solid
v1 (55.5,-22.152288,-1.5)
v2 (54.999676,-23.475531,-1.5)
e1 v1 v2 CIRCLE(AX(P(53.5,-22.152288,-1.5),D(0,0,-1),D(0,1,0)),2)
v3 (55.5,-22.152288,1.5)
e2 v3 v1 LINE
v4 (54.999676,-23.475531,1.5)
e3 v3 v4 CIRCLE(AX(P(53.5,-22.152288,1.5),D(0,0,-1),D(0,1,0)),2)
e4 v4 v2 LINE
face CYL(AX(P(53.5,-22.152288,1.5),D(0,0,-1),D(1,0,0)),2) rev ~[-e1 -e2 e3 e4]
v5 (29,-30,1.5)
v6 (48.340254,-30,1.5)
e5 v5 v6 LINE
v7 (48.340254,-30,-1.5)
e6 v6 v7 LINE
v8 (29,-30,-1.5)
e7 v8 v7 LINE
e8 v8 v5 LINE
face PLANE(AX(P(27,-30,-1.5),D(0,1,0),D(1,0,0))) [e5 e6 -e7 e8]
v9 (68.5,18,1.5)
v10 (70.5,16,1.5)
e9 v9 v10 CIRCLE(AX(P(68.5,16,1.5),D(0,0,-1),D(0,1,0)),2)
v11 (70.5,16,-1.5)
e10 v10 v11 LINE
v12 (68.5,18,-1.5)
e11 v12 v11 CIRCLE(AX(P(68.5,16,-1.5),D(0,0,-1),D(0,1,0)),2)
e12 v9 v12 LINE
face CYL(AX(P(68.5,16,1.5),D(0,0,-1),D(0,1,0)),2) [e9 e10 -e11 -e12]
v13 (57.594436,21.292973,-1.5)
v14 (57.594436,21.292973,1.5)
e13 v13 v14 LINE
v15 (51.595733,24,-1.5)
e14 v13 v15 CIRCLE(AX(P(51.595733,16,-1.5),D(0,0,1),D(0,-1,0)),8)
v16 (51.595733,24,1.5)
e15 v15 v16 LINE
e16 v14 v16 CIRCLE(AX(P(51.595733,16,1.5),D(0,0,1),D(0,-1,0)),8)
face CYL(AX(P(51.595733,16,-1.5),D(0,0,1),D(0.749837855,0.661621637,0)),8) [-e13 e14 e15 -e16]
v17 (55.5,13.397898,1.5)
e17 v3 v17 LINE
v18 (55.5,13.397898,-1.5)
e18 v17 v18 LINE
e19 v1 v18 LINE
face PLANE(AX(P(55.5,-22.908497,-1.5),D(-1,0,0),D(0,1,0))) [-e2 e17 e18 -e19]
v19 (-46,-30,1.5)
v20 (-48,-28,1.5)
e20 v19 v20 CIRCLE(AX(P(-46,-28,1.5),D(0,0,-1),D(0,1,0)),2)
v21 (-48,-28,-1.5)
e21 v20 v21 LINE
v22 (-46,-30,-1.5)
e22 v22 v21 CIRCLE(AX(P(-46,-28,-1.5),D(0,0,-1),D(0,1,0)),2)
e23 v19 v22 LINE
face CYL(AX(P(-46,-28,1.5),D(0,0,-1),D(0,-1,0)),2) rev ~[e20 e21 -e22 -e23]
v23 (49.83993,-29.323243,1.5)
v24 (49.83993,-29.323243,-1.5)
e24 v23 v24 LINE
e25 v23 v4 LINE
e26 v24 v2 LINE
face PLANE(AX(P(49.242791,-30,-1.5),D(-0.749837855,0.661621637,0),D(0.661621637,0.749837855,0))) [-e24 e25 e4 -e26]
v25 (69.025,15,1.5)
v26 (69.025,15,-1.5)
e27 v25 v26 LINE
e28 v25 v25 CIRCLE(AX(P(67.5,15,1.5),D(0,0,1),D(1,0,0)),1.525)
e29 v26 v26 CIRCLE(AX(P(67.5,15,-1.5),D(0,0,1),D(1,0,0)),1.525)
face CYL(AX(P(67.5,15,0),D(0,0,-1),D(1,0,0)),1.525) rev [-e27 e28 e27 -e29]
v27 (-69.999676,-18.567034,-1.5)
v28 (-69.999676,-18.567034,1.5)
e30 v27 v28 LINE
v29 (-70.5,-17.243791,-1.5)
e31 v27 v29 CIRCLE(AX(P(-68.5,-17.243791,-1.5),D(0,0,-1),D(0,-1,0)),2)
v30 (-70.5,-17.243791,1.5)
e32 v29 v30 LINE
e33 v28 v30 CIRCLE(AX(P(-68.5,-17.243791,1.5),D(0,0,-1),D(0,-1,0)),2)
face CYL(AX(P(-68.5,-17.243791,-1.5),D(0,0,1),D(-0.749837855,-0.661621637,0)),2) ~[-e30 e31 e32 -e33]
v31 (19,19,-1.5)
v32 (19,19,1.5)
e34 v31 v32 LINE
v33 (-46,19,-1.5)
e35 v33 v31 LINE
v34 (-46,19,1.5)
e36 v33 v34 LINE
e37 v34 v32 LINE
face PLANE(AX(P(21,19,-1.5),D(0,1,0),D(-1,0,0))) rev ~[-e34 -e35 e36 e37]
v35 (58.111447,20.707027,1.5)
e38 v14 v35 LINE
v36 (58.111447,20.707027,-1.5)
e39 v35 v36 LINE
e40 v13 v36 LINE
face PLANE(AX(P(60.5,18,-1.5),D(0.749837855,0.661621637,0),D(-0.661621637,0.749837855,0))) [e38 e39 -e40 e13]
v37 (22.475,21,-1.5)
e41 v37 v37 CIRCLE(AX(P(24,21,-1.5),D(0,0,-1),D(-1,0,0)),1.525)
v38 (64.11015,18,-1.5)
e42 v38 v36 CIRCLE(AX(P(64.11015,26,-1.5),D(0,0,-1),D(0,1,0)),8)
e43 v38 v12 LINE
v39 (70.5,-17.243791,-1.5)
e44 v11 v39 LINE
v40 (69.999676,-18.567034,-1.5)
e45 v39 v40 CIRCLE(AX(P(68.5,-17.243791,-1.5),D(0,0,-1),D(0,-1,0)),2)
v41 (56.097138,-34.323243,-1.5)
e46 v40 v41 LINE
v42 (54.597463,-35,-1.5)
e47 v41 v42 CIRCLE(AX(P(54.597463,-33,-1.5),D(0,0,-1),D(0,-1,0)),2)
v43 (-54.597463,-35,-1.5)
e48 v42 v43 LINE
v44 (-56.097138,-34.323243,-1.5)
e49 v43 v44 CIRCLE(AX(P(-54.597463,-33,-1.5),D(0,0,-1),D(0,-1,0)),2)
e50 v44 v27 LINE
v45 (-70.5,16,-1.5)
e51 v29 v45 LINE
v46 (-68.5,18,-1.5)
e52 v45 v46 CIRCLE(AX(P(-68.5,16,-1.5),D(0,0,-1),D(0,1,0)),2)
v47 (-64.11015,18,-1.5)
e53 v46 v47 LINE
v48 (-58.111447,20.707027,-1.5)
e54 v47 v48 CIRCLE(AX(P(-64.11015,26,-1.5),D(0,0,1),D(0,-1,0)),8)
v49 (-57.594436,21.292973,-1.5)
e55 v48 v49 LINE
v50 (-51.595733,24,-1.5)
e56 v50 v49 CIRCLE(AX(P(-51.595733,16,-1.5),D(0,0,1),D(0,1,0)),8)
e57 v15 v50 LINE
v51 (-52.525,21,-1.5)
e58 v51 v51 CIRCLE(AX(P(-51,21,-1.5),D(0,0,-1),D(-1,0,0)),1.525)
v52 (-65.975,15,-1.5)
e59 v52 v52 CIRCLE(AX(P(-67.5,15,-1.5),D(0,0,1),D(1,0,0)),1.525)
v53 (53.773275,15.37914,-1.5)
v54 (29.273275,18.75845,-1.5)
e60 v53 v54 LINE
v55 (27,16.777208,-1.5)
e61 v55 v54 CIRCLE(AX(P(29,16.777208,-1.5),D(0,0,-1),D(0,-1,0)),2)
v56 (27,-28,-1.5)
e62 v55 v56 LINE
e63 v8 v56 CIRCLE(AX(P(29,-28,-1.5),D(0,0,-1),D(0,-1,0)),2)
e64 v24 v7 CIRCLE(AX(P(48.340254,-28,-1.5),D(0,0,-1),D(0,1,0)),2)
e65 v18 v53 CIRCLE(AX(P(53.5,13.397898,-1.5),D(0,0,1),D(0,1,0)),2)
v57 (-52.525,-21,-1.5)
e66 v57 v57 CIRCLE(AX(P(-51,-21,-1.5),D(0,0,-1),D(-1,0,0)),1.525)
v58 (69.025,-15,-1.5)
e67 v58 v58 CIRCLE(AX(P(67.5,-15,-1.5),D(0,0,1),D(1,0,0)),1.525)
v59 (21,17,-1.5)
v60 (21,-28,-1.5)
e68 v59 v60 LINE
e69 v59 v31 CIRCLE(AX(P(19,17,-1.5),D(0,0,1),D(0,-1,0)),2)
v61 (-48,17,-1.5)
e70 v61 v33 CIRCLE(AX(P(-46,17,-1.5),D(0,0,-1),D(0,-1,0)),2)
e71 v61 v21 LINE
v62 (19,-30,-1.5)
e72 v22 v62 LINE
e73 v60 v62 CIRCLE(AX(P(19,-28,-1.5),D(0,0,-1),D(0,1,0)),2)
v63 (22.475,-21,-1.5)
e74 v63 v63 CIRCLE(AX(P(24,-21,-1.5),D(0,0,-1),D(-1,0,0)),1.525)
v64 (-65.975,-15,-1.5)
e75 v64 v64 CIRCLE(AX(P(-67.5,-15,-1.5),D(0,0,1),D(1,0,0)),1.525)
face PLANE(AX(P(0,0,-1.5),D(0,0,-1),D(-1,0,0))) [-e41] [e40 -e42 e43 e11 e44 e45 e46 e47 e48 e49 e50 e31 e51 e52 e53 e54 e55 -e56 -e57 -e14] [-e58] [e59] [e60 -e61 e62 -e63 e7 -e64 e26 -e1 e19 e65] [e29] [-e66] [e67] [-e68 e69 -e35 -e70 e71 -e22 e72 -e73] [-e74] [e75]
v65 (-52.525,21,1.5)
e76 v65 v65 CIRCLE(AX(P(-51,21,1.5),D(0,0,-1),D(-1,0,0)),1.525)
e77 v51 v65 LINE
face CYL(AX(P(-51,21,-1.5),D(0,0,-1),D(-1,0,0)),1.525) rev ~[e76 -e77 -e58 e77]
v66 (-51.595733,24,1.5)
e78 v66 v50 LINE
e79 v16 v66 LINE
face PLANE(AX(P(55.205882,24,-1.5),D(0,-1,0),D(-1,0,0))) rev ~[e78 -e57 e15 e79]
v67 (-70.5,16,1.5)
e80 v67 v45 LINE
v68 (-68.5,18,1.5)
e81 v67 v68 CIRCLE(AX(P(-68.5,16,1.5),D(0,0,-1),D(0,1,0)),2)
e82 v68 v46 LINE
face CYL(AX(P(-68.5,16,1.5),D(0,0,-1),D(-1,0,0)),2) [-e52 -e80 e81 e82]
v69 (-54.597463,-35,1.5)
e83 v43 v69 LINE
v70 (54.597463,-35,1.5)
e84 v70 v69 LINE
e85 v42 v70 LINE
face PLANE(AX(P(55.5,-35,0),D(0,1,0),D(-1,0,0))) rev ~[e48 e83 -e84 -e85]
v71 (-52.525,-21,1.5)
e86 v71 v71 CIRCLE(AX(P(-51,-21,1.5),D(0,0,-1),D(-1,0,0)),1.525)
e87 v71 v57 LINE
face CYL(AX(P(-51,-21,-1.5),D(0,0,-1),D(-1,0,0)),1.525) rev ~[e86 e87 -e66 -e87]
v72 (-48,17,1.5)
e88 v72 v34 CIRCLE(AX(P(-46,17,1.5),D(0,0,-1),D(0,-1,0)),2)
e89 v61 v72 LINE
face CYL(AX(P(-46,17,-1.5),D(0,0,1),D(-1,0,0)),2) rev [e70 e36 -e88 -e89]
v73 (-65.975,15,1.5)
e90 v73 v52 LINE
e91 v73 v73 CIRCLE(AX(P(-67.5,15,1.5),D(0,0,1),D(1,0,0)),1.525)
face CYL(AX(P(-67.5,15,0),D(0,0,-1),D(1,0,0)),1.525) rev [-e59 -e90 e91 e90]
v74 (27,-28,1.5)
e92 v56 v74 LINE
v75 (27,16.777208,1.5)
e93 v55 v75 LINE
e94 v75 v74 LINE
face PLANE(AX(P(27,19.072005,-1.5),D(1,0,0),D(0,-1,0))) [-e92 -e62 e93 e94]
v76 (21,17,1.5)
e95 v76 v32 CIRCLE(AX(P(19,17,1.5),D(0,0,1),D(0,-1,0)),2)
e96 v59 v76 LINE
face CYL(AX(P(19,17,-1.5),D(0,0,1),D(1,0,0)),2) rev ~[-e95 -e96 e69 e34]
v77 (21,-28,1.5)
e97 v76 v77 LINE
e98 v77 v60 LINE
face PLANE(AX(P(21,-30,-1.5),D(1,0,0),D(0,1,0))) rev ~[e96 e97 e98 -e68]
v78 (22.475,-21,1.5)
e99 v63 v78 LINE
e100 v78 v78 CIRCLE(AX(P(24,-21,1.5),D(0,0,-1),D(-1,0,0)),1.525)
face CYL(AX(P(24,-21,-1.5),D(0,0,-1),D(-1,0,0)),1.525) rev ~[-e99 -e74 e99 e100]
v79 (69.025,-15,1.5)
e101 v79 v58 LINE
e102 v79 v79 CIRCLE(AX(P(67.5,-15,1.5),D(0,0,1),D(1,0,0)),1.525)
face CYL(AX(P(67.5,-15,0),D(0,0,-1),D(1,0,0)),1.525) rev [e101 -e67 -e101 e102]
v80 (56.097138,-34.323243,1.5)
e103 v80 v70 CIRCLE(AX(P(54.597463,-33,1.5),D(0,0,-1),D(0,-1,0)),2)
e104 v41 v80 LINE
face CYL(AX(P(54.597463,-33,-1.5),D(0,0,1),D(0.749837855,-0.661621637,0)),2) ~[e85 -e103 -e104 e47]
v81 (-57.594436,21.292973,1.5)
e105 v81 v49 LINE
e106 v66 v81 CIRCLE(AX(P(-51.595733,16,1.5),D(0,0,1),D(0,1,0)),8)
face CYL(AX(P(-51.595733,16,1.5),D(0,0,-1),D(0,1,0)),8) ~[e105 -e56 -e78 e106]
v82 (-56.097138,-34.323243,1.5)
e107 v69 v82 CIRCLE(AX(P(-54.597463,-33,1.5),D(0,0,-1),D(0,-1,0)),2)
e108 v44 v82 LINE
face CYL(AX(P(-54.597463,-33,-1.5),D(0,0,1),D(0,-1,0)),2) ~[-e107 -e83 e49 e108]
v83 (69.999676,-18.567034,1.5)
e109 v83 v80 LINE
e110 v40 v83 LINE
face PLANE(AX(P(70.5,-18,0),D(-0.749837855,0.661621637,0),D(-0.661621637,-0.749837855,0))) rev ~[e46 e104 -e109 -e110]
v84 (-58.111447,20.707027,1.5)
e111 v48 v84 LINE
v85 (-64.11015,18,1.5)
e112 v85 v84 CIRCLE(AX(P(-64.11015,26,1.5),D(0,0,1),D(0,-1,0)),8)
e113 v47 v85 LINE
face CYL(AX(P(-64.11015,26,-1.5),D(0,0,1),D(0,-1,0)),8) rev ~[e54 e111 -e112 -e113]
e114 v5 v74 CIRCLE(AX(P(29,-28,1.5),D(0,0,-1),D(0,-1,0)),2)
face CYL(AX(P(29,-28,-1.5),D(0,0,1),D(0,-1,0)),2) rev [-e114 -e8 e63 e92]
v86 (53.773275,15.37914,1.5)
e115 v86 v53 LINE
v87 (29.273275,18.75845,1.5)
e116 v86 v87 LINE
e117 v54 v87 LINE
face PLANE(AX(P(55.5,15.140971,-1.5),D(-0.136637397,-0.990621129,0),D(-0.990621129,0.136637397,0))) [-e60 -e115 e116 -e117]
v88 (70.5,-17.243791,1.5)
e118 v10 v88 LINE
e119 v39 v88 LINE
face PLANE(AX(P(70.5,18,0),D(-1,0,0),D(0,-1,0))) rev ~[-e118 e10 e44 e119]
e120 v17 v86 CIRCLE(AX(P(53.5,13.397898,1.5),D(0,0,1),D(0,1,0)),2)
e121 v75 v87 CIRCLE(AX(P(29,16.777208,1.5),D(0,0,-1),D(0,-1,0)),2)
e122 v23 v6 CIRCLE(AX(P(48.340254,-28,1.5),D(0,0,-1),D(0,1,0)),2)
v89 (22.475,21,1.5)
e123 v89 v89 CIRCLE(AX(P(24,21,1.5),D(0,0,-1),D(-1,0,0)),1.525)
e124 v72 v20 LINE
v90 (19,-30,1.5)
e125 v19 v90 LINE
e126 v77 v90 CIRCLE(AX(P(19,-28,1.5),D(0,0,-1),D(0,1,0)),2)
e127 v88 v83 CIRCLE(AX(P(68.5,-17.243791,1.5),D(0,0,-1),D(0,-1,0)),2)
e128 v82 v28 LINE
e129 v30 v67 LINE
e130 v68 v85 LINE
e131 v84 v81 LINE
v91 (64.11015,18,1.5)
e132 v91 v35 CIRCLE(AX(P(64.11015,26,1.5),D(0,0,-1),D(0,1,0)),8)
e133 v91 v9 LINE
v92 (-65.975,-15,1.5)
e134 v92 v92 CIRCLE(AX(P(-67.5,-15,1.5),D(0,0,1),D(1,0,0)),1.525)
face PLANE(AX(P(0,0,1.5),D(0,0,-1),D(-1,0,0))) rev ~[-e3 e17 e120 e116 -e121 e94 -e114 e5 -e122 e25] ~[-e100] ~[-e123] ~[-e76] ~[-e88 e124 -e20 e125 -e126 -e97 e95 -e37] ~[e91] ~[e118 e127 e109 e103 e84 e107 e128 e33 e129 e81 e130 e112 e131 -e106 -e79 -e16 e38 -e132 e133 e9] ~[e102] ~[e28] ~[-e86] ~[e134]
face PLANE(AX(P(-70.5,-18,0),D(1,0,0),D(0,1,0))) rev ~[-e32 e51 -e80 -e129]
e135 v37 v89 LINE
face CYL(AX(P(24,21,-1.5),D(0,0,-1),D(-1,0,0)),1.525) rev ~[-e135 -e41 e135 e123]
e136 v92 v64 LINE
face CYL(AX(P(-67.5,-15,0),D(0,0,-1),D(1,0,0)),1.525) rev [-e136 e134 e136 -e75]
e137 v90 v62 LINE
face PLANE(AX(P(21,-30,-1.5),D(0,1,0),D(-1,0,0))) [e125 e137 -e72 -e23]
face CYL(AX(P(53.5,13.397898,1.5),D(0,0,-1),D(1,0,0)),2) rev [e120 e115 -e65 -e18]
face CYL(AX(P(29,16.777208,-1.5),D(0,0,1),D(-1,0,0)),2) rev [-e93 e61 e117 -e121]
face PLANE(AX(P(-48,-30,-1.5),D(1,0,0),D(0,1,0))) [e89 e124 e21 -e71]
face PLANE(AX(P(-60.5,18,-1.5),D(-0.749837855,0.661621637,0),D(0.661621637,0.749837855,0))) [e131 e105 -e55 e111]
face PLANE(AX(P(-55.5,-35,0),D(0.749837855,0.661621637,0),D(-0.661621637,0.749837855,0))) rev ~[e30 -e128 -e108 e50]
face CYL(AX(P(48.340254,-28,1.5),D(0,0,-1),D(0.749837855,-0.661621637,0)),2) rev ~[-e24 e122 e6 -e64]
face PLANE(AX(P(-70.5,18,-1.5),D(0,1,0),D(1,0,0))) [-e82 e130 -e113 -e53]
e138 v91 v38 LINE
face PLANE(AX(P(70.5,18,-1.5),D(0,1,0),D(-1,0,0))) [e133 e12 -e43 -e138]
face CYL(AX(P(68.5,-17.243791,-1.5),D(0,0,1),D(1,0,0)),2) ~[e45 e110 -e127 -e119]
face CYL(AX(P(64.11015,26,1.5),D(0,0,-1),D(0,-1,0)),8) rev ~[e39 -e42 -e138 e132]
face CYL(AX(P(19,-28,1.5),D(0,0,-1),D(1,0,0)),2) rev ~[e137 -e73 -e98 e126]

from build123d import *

# Parameters (mm, degrees)
SKETCH_1_R          = 1.525
EXTRUDE_1_DEPTH     = 1.5
SKETCH_2_R          = 1.525
CUT_EXTRUDE_1_DEPTH = 21
CUT_EXTRUDE_2_DEPTH = 11
CUT_EXTRUDE_3_DEPTH = 11
FILLET_1_R          = 8
SKETCH_5_W          = 69
SKETCH_5_H          = 49
CUT_EXTRUDE_4_DEPTH = 11
FILLET_2_R          = 2
FILLET_3_R          = 2


with BuildPart() as part:
    # 草图1 → 凸台-拉伸1 (new, symmetric)
    with BuildSketch(Plane.XY):
        Polygon((-70.5, -18), (-70.5, 18), (-55.5, 35), (55.5, 35), (70.5, 18), (70.5, -18), (55.5, -35), (-55.5, -35), align=None)
        with Locations((67.5, -15)):
            Circle(SKETCH_1_R, mode=Mode.SUBTRACT)
        with Locations((-67.5, -15)):
            Circle(SKETCH_1_R, mode=Mode.SUBTRACT)
        with Locations((-67.5, 15)):
            Circle(SKETCH_1_R, mode=Mode.SUBTRACT)
        with Locations((67.5, 15)):
            Circle(SKETCH_1_R, mode=Mode.SUBTRACT)
    extrude(amount=EXTRUDE_1_DEPTH, both=True)

    # 草图2 → 切除-拉伸1 (cut, symmetric)
    with BuildSketch(Plane(origin=(0, 0, -1.5), x_dir=(-1, 0, 0), z_dir=(0, 0, -1))):
        with Locations((-24, 21)):
            Circle(SKETCH_2_R)
        with Locations((-24, -21)):
            Circle(SKETCH_2_R)
        with Locations((51, 21)):
            Circle(SKETCH_2_R)
        with Locations((51, -21)):
            Circle(SKETCH_2_R)
    extrude(amount=CUT_EXTRUDE_1_DEPTH, both=True, mode=Mode.SUBTRACT)

    # 草图3 → 切除-拉伸2 (cut, symmetric)
    with BuildSketch(Plane(origin=(0, 0, -1.5), x_dir=(-1, 0, 0), z_dir=(0, 0, -1))):
        Polygon((-70.5, 18), (-60.5, 18), (-45.5, 35), (-55.5, 35), align=None)
        Polygon((55.5, 35), (70.5, 18), (60.5, 18), (45.5, 35), align=None)
    extrude(amount=CUT_EXTRUDE_2_DEPTH, both=True, mode=Mode.SUBTRACT)

    # 草图4 → 切除-拉伸3 (cut, symmetric)
    with BuildSketch(Plane(origin=(0, 0, -1.5), x_dir=(-1, 0, 0), z_dir=(0, 0, -1))):
        Polygon((-55.205882353, 24), (55.205882353, 24), (45.5, 35), (-45.5, 35), align=None)
    extrude(amount=CUT_EXTRUDE_3_DEPTH, both=True, mode=Mode.SUBTRACT)

    # 圆角1
    fillet_1_edges = [part.edges().sort_by_distance(p)[0] for p in [
        (55.205882353, 24, 0),
        (-55.205882353, 24, 0),
        (60.5, 18, 0),
        (-60.5, 18, 0),
    ]]
    fillet(fillet_1_edges, radius=FILLET_1_R)

    # 草图5 → 切除-拉伸4 (cut, symmetric)
    with BuildSketch(Plane(origin=(0, 0, -1.5), x_dir=(-1, 0, 0), z_dir=(0, 0, -1))):
        with Locations((13.5, -5.5)):
            Rectangle(SKETCH_5_W, SKETCH_5_H)
        Polygon((-55.5, 15.140970914), (-27, 19.072005396), (-27, -30), (-49.242791484, -30), (-55.5, -22.908497015), align=None)
    extrude(amount=CUT_EXTRUDE_4_DEPTH, both=True, mode=Mode.SUBTRACT)

    # 圆角2
    fillet_2_edges = [part.edges().sort_by_distance(p)[0] for p in [
        (-48, 19, 0),
        (-48, -30, 0),
        (21, -30, 0),
        (21, 19, 0),
        (55.5, -22.908497015, 0),
        (55.5, 15.140970914, 0),
        (27, 19.072005396, 0),
        (27, -30, 0),
        (49.242791484, -30, 0),
    ]]
    fillet(fillet_2_edges, radius=FILLET_2_R)

    # 圆角3
    fillet_3_edges = [part.edges().sort_by_distance(p)[0] for p in [
        (70.5, 18, 0),
        (70.5, -18, 0),
        (55.5, -35, 0),
        (-55.5, -35, 0),
        (-70.5, -18, 0),
        (-70.5, 18, 0),
    ]]
    fillet(fillet_3_edges, radius=FILLET_3_R)


solid = part.part
